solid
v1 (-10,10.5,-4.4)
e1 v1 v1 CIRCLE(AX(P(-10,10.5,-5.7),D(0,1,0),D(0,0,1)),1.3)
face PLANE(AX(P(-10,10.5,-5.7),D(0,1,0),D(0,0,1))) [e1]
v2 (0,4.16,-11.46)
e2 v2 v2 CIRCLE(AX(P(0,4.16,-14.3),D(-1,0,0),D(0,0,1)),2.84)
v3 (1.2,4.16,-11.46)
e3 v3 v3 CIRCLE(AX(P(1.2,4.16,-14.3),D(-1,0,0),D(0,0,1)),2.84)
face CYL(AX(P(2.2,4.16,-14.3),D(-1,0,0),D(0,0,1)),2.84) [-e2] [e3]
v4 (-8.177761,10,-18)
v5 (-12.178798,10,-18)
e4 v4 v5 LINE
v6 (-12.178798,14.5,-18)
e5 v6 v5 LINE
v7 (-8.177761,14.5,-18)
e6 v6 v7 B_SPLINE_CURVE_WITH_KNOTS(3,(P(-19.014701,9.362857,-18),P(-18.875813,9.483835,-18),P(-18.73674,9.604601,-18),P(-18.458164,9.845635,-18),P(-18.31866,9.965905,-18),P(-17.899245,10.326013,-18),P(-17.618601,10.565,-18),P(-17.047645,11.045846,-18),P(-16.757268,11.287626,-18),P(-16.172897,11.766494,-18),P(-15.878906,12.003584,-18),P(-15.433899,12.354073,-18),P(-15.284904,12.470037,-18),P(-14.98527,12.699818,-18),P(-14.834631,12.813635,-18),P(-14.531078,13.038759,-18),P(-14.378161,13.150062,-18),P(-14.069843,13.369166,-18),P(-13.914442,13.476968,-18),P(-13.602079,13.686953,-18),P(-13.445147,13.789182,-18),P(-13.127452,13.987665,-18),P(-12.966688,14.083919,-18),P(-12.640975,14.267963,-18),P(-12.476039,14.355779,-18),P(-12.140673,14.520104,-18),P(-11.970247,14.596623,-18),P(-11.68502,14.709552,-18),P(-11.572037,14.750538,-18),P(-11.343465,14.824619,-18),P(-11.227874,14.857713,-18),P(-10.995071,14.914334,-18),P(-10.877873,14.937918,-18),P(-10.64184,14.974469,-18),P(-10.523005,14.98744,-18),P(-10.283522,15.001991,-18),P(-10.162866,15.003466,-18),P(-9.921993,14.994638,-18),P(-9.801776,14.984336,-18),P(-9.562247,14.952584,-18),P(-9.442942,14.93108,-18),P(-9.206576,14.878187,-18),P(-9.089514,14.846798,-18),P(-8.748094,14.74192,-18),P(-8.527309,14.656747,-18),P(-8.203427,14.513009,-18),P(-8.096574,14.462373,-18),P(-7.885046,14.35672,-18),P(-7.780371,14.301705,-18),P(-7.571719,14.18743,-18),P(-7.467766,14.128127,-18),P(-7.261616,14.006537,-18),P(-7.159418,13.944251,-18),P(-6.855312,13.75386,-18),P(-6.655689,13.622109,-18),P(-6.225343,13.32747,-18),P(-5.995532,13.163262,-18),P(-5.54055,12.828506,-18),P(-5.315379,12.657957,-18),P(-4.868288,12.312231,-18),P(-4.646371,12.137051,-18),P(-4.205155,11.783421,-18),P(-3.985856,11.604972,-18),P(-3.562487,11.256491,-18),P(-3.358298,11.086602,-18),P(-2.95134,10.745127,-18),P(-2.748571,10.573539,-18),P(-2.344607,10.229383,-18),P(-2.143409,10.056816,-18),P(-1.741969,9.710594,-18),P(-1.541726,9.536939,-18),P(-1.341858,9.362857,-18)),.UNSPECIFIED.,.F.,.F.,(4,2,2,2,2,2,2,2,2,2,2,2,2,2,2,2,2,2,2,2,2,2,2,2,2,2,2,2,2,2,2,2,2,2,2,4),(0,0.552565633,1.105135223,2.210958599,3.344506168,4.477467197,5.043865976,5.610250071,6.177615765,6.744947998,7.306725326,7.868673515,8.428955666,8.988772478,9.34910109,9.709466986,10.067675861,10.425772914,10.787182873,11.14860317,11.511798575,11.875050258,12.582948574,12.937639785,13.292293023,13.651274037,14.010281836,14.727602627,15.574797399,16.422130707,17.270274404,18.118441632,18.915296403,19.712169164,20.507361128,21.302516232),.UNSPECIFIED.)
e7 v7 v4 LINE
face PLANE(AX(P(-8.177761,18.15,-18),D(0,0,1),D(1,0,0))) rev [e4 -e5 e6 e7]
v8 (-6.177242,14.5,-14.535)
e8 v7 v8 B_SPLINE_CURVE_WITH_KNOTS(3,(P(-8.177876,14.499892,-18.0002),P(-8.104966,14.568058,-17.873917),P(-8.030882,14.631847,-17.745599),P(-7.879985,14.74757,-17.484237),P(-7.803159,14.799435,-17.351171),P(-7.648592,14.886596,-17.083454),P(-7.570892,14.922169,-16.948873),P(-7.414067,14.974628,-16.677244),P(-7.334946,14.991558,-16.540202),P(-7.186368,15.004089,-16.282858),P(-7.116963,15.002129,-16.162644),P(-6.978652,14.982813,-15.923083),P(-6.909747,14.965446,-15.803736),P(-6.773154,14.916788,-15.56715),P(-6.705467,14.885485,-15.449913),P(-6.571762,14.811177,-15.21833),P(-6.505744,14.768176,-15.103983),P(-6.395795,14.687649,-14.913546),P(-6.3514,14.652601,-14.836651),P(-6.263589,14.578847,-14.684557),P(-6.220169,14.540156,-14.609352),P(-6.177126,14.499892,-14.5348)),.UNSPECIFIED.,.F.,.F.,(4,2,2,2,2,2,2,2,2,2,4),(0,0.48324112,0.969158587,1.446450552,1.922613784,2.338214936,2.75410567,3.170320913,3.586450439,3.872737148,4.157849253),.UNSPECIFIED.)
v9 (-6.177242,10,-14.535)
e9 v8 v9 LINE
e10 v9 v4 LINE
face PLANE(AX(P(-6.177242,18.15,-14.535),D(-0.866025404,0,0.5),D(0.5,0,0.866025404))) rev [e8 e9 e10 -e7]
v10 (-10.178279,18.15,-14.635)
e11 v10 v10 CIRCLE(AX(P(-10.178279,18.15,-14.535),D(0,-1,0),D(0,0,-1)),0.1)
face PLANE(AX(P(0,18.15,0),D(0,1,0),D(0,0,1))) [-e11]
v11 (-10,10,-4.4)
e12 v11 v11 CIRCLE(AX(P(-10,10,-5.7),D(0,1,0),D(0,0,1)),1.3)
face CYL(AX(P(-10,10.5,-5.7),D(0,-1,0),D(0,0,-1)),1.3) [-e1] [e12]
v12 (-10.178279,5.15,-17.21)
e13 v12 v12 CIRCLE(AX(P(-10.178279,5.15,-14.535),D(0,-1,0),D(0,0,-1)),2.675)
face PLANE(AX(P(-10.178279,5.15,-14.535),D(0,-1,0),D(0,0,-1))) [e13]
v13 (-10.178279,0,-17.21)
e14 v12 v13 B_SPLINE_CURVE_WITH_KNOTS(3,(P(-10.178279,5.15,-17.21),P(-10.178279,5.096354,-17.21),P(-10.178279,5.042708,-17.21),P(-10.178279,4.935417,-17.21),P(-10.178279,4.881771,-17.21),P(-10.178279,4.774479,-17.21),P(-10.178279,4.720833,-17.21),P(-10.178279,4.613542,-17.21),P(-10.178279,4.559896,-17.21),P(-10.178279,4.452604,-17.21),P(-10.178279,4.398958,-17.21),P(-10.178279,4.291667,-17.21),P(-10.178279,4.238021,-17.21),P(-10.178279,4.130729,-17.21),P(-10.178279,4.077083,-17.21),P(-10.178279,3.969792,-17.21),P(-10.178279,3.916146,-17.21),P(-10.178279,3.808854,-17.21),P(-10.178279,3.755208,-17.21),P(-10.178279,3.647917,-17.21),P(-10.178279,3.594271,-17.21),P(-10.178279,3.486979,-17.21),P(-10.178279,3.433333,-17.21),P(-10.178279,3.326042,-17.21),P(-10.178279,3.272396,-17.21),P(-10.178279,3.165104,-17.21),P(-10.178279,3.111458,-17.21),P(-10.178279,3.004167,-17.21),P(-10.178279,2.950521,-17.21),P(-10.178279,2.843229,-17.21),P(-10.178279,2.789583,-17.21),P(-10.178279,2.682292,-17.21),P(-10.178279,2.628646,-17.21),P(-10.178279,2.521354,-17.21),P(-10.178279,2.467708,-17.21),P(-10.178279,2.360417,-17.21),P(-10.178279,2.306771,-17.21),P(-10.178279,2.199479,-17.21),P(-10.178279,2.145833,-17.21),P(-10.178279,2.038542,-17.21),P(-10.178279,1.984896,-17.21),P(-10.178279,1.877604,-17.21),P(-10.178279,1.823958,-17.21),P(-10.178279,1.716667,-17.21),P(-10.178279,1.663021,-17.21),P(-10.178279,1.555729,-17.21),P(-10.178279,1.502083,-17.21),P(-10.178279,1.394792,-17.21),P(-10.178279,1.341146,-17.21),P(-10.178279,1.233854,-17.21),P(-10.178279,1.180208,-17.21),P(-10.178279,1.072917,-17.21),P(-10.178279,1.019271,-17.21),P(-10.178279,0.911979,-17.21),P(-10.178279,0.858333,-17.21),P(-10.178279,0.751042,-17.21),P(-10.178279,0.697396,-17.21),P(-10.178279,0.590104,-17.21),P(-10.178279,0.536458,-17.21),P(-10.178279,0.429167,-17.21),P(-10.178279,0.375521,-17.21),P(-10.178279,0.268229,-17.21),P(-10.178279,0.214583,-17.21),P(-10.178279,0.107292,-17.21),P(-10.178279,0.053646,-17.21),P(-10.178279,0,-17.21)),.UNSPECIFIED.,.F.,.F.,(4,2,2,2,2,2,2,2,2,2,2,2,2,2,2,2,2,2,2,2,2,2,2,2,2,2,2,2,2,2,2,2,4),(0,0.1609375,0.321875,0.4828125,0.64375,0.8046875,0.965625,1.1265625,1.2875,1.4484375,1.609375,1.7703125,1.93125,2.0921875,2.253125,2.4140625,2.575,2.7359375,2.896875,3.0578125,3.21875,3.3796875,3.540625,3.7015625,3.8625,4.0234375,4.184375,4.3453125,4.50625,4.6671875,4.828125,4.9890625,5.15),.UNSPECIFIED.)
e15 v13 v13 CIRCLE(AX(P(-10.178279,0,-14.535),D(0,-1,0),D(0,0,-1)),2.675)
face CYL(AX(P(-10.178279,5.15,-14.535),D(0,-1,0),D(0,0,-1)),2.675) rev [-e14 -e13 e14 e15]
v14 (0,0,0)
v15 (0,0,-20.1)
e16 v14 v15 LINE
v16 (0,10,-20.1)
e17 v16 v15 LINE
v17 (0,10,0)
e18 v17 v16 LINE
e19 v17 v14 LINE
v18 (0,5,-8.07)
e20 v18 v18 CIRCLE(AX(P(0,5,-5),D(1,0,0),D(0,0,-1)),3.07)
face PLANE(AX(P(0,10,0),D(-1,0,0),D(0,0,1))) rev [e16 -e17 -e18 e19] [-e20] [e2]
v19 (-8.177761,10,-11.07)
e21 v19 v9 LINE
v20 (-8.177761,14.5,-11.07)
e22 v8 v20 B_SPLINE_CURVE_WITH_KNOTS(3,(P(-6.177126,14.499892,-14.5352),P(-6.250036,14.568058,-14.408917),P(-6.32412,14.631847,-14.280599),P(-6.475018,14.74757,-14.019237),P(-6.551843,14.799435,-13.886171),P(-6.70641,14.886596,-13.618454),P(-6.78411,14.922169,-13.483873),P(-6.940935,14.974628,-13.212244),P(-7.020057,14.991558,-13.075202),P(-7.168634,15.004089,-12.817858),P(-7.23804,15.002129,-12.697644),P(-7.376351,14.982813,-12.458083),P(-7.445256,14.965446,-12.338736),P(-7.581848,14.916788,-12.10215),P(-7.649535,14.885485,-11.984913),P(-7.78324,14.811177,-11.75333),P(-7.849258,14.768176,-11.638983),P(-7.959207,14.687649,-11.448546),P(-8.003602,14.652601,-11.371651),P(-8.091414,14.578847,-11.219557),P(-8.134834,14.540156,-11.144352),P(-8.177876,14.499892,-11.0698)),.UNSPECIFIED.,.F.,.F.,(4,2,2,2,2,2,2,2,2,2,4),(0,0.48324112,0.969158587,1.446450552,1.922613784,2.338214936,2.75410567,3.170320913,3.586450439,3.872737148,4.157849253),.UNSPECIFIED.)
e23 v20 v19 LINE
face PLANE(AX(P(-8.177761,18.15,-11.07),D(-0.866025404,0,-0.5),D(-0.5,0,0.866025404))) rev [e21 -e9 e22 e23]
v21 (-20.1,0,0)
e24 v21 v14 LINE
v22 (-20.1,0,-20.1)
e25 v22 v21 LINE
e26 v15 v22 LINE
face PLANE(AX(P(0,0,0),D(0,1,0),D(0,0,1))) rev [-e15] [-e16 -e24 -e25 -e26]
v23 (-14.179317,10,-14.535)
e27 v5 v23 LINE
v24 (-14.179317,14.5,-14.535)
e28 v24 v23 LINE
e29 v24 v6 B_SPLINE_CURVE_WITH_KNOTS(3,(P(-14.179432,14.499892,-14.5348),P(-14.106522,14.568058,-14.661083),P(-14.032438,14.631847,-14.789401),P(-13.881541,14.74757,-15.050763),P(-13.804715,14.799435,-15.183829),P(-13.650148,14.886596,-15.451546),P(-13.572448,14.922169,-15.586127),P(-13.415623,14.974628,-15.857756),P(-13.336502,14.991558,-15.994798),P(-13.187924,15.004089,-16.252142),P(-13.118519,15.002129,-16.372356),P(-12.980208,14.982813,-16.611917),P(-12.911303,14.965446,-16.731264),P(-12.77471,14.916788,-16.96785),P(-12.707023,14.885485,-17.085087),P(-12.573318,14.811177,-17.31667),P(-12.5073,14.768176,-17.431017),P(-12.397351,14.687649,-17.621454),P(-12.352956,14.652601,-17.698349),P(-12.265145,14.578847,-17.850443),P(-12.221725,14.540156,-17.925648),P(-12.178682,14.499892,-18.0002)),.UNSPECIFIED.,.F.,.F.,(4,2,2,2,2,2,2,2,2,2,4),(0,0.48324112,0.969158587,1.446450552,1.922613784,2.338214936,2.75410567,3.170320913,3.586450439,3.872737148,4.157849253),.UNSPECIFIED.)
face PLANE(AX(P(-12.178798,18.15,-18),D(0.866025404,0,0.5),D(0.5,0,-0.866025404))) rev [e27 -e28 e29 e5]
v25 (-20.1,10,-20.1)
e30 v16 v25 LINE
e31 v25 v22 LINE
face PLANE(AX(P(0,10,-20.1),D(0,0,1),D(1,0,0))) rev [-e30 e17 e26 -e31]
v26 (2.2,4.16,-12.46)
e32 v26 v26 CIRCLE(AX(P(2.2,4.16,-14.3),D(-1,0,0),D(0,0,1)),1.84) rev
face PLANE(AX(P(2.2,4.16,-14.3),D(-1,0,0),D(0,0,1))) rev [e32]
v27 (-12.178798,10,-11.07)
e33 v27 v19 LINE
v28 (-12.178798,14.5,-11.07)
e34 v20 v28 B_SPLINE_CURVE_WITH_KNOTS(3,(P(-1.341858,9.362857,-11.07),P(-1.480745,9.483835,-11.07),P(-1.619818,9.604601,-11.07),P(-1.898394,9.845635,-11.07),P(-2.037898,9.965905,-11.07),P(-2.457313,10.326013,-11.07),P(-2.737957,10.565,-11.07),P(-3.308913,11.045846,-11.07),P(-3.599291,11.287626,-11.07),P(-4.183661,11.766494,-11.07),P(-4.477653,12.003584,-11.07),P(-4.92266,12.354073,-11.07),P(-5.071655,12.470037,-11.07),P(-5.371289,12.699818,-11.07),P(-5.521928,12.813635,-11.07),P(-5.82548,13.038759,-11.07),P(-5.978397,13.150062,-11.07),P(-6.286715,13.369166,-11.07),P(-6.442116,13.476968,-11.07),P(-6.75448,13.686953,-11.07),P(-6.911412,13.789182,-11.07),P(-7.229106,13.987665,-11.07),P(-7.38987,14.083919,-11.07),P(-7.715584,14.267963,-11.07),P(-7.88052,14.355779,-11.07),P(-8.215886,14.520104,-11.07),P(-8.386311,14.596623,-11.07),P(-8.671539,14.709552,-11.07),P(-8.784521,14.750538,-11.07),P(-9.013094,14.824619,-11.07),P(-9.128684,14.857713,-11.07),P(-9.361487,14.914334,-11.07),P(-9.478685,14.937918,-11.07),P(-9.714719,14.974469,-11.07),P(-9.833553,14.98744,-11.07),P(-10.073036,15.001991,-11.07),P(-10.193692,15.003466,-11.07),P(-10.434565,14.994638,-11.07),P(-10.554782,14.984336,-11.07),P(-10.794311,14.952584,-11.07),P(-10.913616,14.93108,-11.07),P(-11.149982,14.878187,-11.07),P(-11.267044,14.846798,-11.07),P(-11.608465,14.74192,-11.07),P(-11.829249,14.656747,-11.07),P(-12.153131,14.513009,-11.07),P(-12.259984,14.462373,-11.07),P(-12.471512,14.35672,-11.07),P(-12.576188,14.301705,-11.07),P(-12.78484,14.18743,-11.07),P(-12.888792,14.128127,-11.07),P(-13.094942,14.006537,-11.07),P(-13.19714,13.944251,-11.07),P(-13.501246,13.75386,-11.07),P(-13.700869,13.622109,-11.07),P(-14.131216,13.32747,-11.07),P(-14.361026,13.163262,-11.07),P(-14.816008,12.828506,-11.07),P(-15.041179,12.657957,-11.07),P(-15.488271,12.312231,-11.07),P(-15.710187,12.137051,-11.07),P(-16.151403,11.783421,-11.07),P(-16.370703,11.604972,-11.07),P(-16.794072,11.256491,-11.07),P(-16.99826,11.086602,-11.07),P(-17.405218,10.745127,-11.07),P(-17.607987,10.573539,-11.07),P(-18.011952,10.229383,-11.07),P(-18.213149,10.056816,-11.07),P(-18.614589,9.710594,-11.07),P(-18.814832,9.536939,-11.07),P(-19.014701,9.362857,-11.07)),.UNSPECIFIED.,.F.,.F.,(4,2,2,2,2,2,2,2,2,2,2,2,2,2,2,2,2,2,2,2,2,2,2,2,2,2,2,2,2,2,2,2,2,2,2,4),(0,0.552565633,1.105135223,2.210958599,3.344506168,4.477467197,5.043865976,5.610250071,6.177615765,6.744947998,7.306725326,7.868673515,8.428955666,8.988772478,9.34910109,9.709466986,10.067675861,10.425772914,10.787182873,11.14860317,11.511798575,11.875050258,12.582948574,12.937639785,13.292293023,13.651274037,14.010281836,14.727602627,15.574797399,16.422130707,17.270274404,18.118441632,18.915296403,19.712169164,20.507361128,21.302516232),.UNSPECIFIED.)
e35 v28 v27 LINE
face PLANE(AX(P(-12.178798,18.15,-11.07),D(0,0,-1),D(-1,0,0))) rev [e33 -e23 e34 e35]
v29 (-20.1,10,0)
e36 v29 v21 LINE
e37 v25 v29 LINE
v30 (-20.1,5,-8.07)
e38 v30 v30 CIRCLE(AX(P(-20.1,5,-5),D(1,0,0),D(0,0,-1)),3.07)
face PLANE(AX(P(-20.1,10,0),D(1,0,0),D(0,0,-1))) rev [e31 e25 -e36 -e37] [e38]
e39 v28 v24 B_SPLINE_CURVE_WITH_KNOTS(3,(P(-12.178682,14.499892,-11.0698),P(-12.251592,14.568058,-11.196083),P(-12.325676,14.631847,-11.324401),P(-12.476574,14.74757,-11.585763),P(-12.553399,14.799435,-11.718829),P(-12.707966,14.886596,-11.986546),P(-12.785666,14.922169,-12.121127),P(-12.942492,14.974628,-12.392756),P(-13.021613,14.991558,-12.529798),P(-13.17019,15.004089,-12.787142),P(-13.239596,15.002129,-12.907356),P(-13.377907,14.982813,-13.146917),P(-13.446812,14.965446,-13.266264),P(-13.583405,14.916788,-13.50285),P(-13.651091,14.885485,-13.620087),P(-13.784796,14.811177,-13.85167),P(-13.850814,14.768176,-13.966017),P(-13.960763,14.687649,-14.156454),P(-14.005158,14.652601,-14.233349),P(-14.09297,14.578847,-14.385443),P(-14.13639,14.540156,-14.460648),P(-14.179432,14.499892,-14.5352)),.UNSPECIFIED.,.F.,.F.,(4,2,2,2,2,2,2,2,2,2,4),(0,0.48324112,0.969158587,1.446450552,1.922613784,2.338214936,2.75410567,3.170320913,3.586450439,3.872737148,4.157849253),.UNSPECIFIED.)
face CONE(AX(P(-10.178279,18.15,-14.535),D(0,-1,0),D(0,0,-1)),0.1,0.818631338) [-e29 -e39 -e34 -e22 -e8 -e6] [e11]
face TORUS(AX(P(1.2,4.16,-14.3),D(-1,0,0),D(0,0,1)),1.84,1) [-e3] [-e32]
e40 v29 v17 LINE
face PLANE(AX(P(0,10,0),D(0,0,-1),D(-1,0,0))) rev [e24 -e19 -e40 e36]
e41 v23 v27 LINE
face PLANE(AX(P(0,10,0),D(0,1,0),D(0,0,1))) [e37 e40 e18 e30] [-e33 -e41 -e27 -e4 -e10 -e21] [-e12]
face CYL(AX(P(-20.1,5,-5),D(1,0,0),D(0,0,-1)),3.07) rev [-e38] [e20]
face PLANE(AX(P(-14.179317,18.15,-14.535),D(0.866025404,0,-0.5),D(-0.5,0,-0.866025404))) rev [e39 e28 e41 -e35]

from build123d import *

# Parameters (mm, degrees)
SKETCH1_W           = 20.1
SKETCH1_H           = 20.1
BOSS_EXTRUDE1_DEPTH = 10
BOSS_EXTRUDE2_DEPTH = 8.15
SKETCH4_R           = 3.07
CUT_EXTRUDE1_DEPTH  = 34.725991461
SKETCH5_R           = 2.84
BOSS_EXTRUDE3_DEPTH = 2.2
FILLET1_R           = 1
SKETCH6_R           = 2.675
CUT_EXTRUDE2_DEPTH  = 5.15
SKETCH7_R           = 1.3
BOSS_EXTRUDE4_DEPTH = 0.5


with BuildPart() as part:
    # Sketch1 → Boss-Extrude1 (new body)
    with BuildSketch(Plane(origin=(0, 0, 0), x_dir=(1, 0, 0), z_dir=(0, 1, 0))):
        with Locations((-10.05, 10.05)):
            Rectangle(SKETCH1_W, SKETCH1_H)
    extrude(amount=BOSS_EXTRUDE1_DEPTH)

    # Sketch2 → Boss-Extrude2 (add)
    with BuildSketch(Plane(origin=(0, 10, 0), x_dir=(1, 0, 0), z_dir=(0, 1, 0))):
        Polygon((-8.177760508, 18), (-12.178797874, 18), (-14.179316556, 14.535), (-12.178797874, 11.07), (-8.177760508, 11.07), (-6.177241825, 14.535), align=None)
    extrude(amount=BOSS_EXTRUDE2_DEPTH)

    # Sketch3 → Cut-Revolve1 (revolve, cut)
    with BuildSketch(Plane(origin=(0, 0, -14.535), x_dir=(-1, 0, 0), z_dir=(0, 0, -1)), mode=Mode.PRIVATE) as cut_revolve1_sk:
        Polygon((10.278279191, 18.15), (14.179316556, 14.5), (16.20190306, 12.607569847), (16.20190306, 19.465321923), (10.278279191, 19.465321923), align=None)
    revolve(cut_revolve1_sk.sketch.rotate(Axis((-10.178279191, 18.15, -14.535), (0, 1, 0)), 270), axis=Axis((-10.178279191, 18.15, -14.535), (0, 1, 0)), mode=Mode.SUBTRACT)

    # Sketch4 → Cut-Extrude1 (cut, through all)
    with BuildSketch(Plane(origin=(0, 0, 0), x_dir=(0, 0, -1), z_dir=(1, 0, 0))):
        with Locations((5, 5)):
            Circle(SKETCH4_R)
    extrude(amount=-CUT_EXTRUDE1_DEPTH, mode=Mode.SUBTRACT)

    # Sketch5 → Boss-Extrude3 (add)
    with BuildSketch(Plane.ZY):
        with Locations((-14.3, 4.16)):
            Circle(SKETCH5_R)
    extrude(amount=-BOSS_EXTRUDE3_DEPTH)

    # Fillet1
    fillet1_edges = [part.edges().sort_by_distance(p)[0] for p in [
        (2.2, 4.16, -17.14),
    ]]
    fillet(fillet1_edges, radius=FILLET1_R)

    # Sketch6 → Cut-Extrude2 (cut)
    with BuildSketch(Plane.XZ):
        with Locations(Location((-10.178279191, -14.535, 0), (0, 0, 270))):
            Circle(SKETCH6_R)
    extrude(amount=-CUT_EXTRUDE2_DEPTH, mode=Mode.SUBTRACT)

    # Sketch7 → Boss-Extrude4 (add)
    with BuildSketch(Plane(origin=(0, 10, 0), x_dir=(1, 0, 0), z_dir=(0, 1, 0))):
        with Locations(Location((-10, 5.7, 0), (0, 0, 270))):
            Circle(SKETCH7_R)
    extrude(amount=BOSS_EXTRUDE4_DEPTH)


solid = part.part
